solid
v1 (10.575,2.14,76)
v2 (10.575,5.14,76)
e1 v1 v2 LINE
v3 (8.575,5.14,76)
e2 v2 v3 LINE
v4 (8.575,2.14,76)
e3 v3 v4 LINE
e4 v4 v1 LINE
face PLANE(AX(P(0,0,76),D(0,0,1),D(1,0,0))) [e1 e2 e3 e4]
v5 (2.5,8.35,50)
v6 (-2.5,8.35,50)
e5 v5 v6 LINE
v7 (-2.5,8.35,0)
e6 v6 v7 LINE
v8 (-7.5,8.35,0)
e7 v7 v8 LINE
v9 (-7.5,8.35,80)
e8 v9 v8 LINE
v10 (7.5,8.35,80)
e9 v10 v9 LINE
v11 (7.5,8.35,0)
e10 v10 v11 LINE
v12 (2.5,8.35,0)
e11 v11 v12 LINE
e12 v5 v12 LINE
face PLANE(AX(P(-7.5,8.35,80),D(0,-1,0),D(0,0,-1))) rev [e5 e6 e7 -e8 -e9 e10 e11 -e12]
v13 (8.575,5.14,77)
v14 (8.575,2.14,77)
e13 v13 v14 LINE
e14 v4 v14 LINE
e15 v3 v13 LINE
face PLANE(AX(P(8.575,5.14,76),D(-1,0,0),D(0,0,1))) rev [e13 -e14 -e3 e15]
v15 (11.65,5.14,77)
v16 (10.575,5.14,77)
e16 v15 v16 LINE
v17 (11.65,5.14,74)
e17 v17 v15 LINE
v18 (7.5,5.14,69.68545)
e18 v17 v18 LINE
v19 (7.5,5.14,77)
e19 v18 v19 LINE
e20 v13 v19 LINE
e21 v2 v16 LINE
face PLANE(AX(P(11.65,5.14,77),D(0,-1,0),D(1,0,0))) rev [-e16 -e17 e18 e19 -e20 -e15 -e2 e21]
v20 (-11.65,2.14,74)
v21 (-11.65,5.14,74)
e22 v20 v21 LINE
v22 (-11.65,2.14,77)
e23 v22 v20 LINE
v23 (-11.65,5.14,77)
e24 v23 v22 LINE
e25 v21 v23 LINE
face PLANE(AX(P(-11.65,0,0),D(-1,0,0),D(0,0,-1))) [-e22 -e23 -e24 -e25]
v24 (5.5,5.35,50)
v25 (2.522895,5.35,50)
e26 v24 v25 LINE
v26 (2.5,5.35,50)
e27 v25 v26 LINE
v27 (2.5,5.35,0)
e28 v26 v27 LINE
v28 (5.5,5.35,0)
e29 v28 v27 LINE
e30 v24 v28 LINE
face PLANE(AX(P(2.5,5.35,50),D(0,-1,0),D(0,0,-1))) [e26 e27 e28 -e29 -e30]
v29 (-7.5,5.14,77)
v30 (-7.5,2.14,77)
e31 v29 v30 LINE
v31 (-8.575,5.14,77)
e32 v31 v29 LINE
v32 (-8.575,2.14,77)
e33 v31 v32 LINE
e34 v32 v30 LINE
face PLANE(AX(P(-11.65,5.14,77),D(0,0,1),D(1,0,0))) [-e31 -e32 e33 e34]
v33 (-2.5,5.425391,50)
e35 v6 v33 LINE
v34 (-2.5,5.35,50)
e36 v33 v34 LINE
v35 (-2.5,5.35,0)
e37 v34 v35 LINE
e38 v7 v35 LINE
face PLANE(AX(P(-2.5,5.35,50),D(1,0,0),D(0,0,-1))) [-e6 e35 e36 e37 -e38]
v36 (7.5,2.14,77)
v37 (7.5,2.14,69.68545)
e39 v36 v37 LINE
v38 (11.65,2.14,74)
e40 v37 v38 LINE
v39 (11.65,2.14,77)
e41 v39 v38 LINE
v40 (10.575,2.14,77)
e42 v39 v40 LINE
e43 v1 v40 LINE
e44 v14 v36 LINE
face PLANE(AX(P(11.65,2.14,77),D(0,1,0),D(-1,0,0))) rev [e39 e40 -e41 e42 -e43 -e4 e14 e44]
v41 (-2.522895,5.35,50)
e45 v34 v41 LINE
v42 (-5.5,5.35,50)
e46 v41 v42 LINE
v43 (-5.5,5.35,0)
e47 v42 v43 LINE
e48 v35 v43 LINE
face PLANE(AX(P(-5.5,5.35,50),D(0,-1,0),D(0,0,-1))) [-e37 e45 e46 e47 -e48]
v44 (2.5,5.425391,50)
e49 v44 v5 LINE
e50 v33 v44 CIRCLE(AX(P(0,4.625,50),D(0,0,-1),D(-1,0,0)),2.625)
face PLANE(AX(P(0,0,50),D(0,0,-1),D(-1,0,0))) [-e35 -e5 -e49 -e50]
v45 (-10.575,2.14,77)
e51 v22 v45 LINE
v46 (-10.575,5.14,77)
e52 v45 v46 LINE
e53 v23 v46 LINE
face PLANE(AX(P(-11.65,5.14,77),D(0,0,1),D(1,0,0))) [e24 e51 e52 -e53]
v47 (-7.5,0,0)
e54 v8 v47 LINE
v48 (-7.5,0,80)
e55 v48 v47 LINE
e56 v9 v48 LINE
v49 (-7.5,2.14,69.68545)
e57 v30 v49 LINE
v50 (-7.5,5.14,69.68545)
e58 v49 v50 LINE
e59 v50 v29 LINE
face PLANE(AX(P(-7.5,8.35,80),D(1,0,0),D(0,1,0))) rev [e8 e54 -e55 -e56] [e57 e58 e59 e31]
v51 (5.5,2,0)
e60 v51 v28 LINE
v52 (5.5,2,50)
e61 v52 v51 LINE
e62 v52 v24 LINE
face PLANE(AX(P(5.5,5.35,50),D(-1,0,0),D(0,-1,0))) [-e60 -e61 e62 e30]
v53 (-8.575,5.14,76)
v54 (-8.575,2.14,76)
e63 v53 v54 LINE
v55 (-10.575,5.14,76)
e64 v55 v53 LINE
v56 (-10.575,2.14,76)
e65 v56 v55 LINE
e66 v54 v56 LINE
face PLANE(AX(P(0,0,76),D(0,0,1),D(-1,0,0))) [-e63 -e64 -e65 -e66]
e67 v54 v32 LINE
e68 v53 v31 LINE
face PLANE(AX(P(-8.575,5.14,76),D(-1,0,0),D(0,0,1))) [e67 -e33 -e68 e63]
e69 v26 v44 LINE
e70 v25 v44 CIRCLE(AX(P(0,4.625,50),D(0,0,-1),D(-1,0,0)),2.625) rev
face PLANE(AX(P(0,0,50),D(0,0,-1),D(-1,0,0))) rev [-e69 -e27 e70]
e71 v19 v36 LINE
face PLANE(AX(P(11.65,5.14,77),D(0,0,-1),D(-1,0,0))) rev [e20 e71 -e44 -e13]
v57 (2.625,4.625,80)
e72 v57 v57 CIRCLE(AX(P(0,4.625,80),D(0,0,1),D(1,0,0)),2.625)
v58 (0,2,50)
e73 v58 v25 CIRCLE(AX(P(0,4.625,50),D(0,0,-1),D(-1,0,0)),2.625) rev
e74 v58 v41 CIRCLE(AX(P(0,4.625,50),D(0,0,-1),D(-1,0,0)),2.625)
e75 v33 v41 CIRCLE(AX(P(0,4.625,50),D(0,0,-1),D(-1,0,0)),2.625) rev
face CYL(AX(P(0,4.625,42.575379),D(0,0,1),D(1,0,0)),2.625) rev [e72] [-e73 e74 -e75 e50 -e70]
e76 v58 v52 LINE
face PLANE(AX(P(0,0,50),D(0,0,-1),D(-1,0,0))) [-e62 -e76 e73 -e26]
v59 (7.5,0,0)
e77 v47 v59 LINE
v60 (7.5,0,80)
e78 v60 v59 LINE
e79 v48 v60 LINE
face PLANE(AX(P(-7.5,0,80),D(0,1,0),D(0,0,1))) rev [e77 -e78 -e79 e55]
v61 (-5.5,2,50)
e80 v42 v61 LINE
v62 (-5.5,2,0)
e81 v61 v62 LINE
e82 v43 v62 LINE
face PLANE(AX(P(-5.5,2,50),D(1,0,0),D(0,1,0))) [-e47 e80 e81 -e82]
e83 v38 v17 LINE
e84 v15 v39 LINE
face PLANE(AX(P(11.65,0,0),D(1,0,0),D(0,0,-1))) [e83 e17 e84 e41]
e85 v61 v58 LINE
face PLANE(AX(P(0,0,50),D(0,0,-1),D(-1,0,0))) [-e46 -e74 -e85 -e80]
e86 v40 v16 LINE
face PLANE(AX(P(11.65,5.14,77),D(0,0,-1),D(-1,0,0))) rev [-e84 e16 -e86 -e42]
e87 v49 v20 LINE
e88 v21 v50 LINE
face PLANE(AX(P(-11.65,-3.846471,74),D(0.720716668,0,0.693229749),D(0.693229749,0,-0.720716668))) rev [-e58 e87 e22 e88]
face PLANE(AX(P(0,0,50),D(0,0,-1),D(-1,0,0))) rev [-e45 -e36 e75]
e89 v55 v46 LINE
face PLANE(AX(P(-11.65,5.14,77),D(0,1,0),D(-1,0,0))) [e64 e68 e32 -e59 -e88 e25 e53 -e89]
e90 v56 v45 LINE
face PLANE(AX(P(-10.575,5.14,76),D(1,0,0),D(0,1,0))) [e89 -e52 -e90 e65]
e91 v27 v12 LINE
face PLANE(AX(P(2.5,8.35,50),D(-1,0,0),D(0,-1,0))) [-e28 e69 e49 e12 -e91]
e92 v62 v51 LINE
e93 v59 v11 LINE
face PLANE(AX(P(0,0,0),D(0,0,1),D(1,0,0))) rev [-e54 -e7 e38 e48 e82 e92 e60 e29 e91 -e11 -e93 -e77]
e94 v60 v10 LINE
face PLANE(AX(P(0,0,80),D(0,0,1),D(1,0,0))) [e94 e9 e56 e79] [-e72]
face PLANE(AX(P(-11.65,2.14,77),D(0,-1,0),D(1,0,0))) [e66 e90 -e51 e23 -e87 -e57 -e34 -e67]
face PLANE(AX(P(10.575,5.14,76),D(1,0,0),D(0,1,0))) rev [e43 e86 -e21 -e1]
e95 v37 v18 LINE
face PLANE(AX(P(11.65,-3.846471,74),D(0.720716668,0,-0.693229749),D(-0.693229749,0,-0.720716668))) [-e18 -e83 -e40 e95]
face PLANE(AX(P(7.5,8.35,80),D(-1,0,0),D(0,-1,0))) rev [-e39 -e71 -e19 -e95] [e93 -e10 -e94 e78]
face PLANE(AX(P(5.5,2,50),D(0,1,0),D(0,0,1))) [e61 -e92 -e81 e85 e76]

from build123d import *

# Parameters (mm, degrees)
SKETCH9_W           = 15
SKETCH9_H           = 8.35
BOSS_EXTRUDE4_DEPTH = 80
CUT_EXTRUDE4_DEPTH  = 50
SKETCH10_R          = 2.625
CUT_EXTRUDE5_DEPTH  = 30
SKETCH12_W          = 3
SKETCH12_H          = 3
BOSS_EXTRUDE5_DEPTH = 4.15
SKETCH13_W          = 2
SKETCH13_H          = 3
CUT_EXTRUDE6_DEPTH  = 1
BOSS_EXTRUDE6_DEPTH = 3


with BuildPart() as part:
    # Sketch9 → Boss-Extrude4 (new body)
    with BuildSketch(Plane.XY):
        with Locations((0, 4.175)):
            Rectangle(SKETCH9_W, SKETCH9_H)
    extrude(amount=BOSS_EXTRUDE4_DEPTH)

    # Sketch7 → Cut-Extrude4 (cut)
    with BuildSketch(Plane.XY):
        Polygon((-5.5, 2), (-5.5, 5.35), (-2.5, 5.35), (-2.5, 8.35), (2.5, 8.35), (2.5, 5.35), (5.5, 5.35), (5.5, 2), align=None)
    extrude(amount=CUT_EXTRUDE4_DEPTH, mode=Mode.SUBTRACT)

    # Sketch10 → Cut-Extrude5 (cut)
    with BuildSketch(Plane.XY.offset(80)):
        with Locations((0, 4.625)):
            Circle(SKETCH10_R)
    extrude(amount=-CUT_EXTRUDE5_DEPTH, mode=Mode.SUBTRACT)

    # Sketch12 → Boss-Extrude5 (add)
    with BuildSketch(Plane(origin=(7.5, 0, 0), x_dir=(0, 0, -1), z_dir=(1, 0, 0))):
        with Locations((-75.5, 3.64)):
            Rectangle(SKETCH12_W, SKETCH12_H)
    boss_extrude5 = extrude(amount=BOSS_EXTRUDE5_DEPTH)

    # Sketch13 → Cut-Extrude6 (cut)
    with BuildSketch(Plane.XY.offset(77)):
        with Locations((9.575, 3.64)):
            Rectangle(SKETCH13_W, SKETCH13_H)
    cut_extrude6 = extrude(amount=-CUT_EXTRUDE6_DEPTH, mode=Mode.SUBTRACT)

    # Mirror2: Boss-Extrude5 across plane
    add(boss_extrude5.mirror(Plane(origin=(0, 0, 0), x_dir=(0, 0, 1), z_dir=(1, 0, 0))))

    # Mirror4: Cut-Extrude6 across plane
    add(cut_extrude6.mirror(Plane(origin=(0, 0, 0), x_dir=(0, 0, 1), z_dir=(1, 0, 0))), mode=Mode.SUBTRACT)

    # Sketch14 → Boss-Extrude6 (add)
    with BuildSketch(Plane(origin=(0, 5.14, 0), x_dir=(1, 0, 0), z_dir=(0, 1, 0))):
        Polygon((11.65, -74), (7.5, -69.685450349), (7.5, -74), align=None)
    boss_extrude6 = extrude(amount=-BOSS_EXTRUDE6_DEPTH)

    # Mirror5: Boss-Extrude6 across plane
    add(boss_extrude6.mirror(Plane(origin=(0, 0, 0), x_dir=(0, 0, 1), z_dir=(1, 0, 0))))


solid = part.part
